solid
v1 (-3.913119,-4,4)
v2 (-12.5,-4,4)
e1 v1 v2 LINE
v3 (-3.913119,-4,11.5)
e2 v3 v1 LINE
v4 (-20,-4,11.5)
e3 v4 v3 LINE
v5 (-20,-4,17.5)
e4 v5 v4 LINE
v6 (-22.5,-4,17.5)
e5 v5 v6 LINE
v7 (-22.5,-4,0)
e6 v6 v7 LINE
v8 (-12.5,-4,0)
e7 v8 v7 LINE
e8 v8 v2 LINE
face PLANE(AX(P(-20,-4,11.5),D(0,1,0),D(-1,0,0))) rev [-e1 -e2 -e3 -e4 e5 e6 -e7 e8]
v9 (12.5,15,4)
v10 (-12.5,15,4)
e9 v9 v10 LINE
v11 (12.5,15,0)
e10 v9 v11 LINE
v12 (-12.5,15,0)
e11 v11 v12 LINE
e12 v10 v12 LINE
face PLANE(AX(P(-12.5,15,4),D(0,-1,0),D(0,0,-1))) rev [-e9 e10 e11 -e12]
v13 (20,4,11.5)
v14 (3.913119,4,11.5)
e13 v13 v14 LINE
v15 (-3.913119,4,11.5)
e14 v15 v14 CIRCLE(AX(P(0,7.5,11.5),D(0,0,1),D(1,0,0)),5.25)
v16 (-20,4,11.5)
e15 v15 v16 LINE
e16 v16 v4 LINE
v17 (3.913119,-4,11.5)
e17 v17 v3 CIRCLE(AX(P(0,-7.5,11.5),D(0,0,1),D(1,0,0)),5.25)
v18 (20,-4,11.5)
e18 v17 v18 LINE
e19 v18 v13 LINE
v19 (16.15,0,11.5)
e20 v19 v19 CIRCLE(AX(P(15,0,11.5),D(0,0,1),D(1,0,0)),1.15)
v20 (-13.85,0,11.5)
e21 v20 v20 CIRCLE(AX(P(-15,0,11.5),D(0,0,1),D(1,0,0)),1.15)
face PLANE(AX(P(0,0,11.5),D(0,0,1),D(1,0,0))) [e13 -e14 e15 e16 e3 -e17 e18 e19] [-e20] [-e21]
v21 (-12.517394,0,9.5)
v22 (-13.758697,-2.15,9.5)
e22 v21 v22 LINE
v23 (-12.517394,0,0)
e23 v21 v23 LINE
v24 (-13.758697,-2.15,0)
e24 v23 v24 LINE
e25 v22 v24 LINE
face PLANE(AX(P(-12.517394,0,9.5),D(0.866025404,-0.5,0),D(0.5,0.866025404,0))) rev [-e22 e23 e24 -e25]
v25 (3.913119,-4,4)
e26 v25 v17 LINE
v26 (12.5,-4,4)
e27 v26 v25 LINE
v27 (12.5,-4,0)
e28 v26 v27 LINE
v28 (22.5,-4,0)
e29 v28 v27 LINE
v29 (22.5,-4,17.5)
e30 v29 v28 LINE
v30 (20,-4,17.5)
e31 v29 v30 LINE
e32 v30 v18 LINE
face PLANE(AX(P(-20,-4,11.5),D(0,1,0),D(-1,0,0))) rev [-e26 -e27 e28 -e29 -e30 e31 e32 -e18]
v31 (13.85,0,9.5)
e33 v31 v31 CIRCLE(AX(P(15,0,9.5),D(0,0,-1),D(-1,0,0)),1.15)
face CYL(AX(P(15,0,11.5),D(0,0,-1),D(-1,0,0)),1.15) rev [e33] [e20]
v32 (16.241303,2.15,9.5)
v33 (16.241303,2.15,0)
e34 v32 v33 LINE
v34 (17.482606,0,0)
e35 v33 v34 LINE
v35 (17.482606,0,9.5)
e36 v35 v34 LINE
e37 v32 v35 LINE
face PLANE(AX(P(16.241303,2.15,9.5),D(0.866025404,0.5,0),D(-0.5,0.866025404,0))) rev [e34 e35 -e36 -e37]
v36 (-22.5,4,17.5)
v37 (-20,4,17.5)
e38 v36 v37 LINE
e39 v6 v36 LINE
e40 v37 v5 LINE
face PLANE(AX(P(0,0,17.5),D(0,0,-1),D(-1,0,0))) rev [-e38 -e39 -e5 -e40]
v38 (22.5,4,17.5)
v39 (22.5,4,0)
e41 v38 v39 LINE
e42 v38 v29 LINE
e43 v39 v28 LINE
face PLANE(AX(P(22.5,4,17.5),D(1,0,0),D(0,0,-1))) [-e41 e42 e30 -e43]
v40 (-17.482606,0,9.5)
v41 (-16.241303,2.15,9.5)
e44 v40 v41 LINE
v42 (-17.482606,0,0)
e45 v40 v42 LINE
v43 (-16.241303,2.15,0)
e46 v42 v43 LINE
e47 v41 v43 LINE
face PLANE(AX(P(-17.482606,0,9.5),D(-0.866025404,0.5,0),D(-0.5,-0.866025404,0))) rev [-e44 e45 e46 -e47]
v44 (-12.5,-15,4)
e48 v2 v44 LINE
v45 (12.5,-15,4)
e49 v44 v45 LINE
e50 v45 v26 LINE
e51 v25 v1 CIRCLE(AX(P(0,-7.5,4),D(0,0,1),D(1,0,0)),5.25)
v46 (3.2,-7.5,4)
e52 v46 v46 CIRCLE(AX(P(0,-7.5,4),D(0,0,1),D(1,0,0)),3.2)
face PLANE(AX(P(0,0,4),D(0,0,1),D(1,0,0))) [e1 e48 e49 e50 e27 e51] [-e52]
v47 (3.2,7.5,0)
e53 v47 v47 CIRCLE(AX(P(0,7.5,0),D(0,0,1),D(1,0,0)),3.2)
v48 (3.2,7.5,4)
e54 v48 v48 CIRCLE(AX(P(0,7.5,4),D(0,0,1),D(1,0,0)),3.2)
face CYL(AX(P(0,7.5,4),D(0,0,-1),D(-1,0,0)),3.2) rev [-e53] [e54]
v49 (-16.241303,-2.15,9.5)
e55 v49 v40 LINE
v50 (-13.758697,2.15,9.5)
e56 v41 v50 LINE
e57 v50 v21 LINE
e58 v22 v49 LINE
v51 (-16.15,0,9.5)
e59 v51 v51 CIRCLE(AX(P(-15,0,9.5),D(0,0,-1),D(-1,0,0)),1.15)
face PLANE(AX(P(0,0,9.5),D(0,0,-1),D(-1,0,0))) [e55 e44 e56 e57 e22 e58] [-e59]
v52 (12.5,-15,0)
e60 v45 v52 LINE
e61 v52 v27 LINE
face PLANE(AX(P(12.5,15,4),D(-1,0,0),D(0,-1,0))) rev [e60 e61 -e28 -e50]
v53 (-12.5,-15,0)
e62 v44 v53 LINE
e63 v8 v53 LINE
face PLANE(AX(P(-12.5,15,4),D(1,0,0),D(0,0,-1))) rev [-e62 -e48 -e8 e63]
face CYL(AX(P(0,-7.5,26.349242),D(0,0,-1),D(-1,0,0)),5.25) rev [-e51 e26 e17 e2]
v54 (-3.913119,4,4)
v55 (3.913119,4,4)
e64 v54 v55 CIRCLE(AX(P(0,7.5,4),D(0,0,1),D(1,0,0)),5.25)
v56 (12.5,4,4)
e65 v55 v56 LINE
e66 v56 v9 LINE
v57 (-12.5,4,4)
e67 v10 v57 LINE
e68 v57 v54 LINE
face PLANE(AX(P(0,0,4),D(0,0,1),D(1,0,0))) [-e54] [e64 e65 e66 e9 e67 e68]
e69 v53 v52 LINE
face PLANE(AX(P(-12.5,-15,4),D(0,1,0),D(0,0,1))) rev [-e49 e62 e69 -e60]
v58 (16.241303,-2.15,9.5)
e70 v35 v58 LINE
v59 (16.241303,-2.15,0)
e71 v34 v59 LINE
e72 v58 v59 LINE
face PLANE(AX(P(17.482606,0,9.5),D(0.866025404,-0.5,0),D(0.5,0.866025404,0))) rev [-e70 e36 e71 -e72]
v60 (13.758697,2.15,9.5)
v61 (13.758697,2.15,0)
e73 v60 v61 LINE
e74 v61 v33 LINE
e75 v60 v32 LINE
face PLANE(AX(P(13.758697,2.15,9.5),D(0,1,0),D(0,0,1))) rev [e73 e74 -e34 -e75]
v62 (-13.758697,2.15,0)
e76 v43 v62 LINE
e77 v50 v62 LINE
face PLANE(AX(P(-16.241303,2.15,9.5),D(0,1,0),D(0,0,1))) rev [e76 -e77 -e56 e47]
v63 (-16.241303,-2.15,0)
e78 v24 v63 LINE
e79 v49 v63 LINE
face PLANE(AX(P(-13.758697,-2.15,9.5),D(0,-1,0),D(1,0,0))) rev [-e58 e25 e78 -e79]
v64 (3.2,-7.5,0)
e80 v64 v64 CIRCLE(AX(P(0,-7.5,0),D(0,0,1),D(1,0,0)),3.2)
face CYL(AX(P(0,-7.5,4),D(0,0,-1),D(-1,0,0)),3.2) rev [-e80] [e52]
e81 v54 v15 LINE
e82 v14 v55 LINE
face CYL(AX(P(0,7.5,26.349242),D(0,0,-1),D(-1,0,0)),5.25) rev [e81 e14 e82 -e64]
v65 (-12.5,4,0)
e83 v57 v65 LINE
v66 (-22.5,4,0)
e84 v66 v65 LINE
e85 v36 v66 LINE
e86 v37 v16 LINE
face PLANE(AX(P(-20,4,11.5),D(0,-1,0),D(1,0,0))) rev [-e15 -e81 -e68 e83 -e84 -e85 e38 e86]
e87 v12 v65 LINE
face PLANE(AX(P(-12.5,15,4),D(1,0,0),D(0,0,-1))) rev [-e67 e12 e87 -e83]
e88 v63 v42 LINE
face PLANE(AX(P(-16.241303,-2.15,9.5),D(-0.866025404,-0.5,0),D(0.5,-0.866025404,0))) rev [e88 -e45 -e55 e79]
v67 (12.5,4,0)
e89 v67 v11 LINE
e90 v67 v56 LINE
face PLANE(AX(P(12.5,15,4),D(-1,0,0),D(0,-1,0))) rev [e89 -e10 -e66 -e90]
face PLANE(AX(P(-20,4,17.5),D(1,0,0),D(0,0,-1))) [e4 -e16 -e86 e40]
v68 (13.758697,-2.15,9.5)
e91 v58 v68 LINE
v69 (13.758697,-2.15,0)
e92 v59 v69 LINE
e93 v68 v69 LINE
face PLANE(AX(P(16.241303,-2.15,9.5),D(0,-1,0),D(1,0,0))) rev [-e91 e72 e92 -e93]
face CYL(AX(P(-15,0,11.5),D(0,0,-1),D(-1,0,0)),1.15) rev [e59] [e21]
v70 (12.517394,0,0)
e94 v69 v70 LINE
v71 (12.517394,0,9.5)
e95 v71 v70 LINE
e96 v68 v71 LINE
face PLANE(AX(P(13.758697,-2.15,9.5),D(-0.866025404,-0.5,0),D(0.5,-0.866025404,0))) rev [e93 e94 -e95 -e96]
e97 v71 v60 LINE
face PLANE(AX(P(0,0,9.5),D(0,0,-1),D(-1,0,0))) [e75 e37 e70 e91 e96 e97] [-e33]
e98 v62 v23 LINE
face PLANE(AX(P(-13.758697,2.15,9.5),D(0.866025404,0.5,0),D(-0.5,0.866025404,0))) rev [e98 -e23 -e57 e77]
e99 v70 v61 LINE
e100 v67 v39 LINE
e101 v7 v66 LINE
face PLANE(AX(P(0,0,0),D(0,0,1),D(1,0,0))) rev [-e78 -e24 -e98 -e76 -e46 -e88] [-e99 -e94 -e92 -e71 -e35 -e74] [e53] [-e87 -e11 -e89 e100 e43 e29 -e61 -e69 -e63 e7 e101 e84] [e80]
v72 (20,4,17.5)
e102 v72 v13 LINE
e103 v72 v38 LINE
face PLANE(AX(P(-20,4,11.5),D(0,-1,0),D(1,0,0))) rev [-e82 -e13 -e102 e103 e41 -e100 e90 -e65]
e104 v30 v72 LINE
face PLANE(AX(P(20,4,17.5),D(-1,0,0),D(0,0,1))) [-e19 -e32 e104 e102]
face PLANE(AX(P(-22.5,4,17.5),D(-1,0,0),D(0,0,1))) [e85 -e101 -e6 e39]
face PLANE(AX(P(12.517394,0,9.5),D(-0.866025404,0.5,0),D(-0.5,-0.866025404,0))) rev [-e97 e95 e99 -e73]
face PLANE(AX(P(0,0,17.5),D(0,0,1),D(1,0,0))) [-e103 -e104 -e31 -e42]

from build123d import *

# Parameters (mm, degrees)
SKETCH_1_W           = 25
SKETCH_1_H           = 30
SKETCH_1_R           = 3.2
EXTRUDE_1_DEPTH      = 4
SKETCH_2_W           = 40
SKETCH_2_H           = 8
SKETCH_2_R           = 1.15
EXTRUDE_2_DEPTH      = 7.5
EXTRUDE_2_DEPTH_BACK = 4
CUT_EXTRUDE_2_DEPTH  = 9.5
SKETCH_5_R           = 5.25
CUT_EXTRUDE_3_DEPTH  = 7.5
SKETCH_6_W           = 2.5
SKETCH_6_H           = 8
EXTRUDE_3_DEPTH      = 17.5


with BuildPart() as part:
    # 스케치1 → 보스-돌출1 (new body)
    with BuildSketch(Plane.XY):
        Rectangle(SKETCH_1_W, SKETCH_1_H)
        with Locations((0, 7.5)):
            Circle(SKETCH_1_R, mode=Mode.SUBTRACT)
        with Locations((0, -7.5)):
            Circle(SKETCH_1_R, mode=Mode.SUBTRACT)
    extrude(amount=EXTRUDE_1_DEPTH)

    # 스케치2 → 보스-돌출2 (add, two sides)
    with BuildSketch(Plane.XY.offset(4)) as extrude_2_sk:
        Rectangle(SKETCH_2_W, SKETCH_2_H)
        with Locations((15, 0)):
            Circle(SKETCH_2_R, mode=Mode.SUBTRACT)
        with Locations((-15, 0)):
            Circle(SKETCH_2_R, mode=Mode.SUBTRACT)
    extrude(amount=EXTRUDE_2_DEPTH)
    extrude(extrude_2_sk.sketch, amount=-EXTRUDE_2_DEPTH_BACK)

    # 스케치4 → 컷-돌출2 (cut)
    with BuildSketch(Plane(origin=(0, 0, 0), x_dir=(-1, 0, 0), z_dir=(0, 0, -1))):
        Polygon((17.482606158, 0), (16.241303079, 2.15), (13.758696921, 2.15), (12.517393842, 0), (13.758696921, -2.15), (16.241303079, -2.15), align=None)
        Polygon((-12.517393842, 0), (-13.758696921, 2.15), (-16.241303079, 2.15), (-17.482606158, 0), (-16.241303079, -2.15), (-13.758696921, -2.15), align=None)
    extrude(amount=-CUT_EXTRUDE_2_DEPTH, mode=Mode.SUBTRACT)

    # 스케치5 → 컷-돌출3 (cut)
    with BuildSketch(Plane.XY.offset(4)):
        with Locations((0, 7.5)):
            Circle(SKETCH_5_R)
        with Locations((0, -7.5)):
            Circle(SKETCH_5_R)
    extrude(amount=CUT_EXTRUDE_3_DEPTH, mode=Mode.SUBTRACT)

    # 스케치6 → 보스-돌출3 (add)
    with BuildSketch(Plane(origin=(0, 0, 0), x_dir=(-1, 0, 0), z_dir=(0, 0, -1))):
        with Locations((21.25, 0)):
            Rectangle(SKETCH_6_W, SKETCH_6_H)
        with Locations((-21.25, 0)):
            Rectangle(SKETCH_6_W, SKETCH_6_H)
    extrude(amount=-EXTRUDE_3_DEPTH)


solid = part.part
